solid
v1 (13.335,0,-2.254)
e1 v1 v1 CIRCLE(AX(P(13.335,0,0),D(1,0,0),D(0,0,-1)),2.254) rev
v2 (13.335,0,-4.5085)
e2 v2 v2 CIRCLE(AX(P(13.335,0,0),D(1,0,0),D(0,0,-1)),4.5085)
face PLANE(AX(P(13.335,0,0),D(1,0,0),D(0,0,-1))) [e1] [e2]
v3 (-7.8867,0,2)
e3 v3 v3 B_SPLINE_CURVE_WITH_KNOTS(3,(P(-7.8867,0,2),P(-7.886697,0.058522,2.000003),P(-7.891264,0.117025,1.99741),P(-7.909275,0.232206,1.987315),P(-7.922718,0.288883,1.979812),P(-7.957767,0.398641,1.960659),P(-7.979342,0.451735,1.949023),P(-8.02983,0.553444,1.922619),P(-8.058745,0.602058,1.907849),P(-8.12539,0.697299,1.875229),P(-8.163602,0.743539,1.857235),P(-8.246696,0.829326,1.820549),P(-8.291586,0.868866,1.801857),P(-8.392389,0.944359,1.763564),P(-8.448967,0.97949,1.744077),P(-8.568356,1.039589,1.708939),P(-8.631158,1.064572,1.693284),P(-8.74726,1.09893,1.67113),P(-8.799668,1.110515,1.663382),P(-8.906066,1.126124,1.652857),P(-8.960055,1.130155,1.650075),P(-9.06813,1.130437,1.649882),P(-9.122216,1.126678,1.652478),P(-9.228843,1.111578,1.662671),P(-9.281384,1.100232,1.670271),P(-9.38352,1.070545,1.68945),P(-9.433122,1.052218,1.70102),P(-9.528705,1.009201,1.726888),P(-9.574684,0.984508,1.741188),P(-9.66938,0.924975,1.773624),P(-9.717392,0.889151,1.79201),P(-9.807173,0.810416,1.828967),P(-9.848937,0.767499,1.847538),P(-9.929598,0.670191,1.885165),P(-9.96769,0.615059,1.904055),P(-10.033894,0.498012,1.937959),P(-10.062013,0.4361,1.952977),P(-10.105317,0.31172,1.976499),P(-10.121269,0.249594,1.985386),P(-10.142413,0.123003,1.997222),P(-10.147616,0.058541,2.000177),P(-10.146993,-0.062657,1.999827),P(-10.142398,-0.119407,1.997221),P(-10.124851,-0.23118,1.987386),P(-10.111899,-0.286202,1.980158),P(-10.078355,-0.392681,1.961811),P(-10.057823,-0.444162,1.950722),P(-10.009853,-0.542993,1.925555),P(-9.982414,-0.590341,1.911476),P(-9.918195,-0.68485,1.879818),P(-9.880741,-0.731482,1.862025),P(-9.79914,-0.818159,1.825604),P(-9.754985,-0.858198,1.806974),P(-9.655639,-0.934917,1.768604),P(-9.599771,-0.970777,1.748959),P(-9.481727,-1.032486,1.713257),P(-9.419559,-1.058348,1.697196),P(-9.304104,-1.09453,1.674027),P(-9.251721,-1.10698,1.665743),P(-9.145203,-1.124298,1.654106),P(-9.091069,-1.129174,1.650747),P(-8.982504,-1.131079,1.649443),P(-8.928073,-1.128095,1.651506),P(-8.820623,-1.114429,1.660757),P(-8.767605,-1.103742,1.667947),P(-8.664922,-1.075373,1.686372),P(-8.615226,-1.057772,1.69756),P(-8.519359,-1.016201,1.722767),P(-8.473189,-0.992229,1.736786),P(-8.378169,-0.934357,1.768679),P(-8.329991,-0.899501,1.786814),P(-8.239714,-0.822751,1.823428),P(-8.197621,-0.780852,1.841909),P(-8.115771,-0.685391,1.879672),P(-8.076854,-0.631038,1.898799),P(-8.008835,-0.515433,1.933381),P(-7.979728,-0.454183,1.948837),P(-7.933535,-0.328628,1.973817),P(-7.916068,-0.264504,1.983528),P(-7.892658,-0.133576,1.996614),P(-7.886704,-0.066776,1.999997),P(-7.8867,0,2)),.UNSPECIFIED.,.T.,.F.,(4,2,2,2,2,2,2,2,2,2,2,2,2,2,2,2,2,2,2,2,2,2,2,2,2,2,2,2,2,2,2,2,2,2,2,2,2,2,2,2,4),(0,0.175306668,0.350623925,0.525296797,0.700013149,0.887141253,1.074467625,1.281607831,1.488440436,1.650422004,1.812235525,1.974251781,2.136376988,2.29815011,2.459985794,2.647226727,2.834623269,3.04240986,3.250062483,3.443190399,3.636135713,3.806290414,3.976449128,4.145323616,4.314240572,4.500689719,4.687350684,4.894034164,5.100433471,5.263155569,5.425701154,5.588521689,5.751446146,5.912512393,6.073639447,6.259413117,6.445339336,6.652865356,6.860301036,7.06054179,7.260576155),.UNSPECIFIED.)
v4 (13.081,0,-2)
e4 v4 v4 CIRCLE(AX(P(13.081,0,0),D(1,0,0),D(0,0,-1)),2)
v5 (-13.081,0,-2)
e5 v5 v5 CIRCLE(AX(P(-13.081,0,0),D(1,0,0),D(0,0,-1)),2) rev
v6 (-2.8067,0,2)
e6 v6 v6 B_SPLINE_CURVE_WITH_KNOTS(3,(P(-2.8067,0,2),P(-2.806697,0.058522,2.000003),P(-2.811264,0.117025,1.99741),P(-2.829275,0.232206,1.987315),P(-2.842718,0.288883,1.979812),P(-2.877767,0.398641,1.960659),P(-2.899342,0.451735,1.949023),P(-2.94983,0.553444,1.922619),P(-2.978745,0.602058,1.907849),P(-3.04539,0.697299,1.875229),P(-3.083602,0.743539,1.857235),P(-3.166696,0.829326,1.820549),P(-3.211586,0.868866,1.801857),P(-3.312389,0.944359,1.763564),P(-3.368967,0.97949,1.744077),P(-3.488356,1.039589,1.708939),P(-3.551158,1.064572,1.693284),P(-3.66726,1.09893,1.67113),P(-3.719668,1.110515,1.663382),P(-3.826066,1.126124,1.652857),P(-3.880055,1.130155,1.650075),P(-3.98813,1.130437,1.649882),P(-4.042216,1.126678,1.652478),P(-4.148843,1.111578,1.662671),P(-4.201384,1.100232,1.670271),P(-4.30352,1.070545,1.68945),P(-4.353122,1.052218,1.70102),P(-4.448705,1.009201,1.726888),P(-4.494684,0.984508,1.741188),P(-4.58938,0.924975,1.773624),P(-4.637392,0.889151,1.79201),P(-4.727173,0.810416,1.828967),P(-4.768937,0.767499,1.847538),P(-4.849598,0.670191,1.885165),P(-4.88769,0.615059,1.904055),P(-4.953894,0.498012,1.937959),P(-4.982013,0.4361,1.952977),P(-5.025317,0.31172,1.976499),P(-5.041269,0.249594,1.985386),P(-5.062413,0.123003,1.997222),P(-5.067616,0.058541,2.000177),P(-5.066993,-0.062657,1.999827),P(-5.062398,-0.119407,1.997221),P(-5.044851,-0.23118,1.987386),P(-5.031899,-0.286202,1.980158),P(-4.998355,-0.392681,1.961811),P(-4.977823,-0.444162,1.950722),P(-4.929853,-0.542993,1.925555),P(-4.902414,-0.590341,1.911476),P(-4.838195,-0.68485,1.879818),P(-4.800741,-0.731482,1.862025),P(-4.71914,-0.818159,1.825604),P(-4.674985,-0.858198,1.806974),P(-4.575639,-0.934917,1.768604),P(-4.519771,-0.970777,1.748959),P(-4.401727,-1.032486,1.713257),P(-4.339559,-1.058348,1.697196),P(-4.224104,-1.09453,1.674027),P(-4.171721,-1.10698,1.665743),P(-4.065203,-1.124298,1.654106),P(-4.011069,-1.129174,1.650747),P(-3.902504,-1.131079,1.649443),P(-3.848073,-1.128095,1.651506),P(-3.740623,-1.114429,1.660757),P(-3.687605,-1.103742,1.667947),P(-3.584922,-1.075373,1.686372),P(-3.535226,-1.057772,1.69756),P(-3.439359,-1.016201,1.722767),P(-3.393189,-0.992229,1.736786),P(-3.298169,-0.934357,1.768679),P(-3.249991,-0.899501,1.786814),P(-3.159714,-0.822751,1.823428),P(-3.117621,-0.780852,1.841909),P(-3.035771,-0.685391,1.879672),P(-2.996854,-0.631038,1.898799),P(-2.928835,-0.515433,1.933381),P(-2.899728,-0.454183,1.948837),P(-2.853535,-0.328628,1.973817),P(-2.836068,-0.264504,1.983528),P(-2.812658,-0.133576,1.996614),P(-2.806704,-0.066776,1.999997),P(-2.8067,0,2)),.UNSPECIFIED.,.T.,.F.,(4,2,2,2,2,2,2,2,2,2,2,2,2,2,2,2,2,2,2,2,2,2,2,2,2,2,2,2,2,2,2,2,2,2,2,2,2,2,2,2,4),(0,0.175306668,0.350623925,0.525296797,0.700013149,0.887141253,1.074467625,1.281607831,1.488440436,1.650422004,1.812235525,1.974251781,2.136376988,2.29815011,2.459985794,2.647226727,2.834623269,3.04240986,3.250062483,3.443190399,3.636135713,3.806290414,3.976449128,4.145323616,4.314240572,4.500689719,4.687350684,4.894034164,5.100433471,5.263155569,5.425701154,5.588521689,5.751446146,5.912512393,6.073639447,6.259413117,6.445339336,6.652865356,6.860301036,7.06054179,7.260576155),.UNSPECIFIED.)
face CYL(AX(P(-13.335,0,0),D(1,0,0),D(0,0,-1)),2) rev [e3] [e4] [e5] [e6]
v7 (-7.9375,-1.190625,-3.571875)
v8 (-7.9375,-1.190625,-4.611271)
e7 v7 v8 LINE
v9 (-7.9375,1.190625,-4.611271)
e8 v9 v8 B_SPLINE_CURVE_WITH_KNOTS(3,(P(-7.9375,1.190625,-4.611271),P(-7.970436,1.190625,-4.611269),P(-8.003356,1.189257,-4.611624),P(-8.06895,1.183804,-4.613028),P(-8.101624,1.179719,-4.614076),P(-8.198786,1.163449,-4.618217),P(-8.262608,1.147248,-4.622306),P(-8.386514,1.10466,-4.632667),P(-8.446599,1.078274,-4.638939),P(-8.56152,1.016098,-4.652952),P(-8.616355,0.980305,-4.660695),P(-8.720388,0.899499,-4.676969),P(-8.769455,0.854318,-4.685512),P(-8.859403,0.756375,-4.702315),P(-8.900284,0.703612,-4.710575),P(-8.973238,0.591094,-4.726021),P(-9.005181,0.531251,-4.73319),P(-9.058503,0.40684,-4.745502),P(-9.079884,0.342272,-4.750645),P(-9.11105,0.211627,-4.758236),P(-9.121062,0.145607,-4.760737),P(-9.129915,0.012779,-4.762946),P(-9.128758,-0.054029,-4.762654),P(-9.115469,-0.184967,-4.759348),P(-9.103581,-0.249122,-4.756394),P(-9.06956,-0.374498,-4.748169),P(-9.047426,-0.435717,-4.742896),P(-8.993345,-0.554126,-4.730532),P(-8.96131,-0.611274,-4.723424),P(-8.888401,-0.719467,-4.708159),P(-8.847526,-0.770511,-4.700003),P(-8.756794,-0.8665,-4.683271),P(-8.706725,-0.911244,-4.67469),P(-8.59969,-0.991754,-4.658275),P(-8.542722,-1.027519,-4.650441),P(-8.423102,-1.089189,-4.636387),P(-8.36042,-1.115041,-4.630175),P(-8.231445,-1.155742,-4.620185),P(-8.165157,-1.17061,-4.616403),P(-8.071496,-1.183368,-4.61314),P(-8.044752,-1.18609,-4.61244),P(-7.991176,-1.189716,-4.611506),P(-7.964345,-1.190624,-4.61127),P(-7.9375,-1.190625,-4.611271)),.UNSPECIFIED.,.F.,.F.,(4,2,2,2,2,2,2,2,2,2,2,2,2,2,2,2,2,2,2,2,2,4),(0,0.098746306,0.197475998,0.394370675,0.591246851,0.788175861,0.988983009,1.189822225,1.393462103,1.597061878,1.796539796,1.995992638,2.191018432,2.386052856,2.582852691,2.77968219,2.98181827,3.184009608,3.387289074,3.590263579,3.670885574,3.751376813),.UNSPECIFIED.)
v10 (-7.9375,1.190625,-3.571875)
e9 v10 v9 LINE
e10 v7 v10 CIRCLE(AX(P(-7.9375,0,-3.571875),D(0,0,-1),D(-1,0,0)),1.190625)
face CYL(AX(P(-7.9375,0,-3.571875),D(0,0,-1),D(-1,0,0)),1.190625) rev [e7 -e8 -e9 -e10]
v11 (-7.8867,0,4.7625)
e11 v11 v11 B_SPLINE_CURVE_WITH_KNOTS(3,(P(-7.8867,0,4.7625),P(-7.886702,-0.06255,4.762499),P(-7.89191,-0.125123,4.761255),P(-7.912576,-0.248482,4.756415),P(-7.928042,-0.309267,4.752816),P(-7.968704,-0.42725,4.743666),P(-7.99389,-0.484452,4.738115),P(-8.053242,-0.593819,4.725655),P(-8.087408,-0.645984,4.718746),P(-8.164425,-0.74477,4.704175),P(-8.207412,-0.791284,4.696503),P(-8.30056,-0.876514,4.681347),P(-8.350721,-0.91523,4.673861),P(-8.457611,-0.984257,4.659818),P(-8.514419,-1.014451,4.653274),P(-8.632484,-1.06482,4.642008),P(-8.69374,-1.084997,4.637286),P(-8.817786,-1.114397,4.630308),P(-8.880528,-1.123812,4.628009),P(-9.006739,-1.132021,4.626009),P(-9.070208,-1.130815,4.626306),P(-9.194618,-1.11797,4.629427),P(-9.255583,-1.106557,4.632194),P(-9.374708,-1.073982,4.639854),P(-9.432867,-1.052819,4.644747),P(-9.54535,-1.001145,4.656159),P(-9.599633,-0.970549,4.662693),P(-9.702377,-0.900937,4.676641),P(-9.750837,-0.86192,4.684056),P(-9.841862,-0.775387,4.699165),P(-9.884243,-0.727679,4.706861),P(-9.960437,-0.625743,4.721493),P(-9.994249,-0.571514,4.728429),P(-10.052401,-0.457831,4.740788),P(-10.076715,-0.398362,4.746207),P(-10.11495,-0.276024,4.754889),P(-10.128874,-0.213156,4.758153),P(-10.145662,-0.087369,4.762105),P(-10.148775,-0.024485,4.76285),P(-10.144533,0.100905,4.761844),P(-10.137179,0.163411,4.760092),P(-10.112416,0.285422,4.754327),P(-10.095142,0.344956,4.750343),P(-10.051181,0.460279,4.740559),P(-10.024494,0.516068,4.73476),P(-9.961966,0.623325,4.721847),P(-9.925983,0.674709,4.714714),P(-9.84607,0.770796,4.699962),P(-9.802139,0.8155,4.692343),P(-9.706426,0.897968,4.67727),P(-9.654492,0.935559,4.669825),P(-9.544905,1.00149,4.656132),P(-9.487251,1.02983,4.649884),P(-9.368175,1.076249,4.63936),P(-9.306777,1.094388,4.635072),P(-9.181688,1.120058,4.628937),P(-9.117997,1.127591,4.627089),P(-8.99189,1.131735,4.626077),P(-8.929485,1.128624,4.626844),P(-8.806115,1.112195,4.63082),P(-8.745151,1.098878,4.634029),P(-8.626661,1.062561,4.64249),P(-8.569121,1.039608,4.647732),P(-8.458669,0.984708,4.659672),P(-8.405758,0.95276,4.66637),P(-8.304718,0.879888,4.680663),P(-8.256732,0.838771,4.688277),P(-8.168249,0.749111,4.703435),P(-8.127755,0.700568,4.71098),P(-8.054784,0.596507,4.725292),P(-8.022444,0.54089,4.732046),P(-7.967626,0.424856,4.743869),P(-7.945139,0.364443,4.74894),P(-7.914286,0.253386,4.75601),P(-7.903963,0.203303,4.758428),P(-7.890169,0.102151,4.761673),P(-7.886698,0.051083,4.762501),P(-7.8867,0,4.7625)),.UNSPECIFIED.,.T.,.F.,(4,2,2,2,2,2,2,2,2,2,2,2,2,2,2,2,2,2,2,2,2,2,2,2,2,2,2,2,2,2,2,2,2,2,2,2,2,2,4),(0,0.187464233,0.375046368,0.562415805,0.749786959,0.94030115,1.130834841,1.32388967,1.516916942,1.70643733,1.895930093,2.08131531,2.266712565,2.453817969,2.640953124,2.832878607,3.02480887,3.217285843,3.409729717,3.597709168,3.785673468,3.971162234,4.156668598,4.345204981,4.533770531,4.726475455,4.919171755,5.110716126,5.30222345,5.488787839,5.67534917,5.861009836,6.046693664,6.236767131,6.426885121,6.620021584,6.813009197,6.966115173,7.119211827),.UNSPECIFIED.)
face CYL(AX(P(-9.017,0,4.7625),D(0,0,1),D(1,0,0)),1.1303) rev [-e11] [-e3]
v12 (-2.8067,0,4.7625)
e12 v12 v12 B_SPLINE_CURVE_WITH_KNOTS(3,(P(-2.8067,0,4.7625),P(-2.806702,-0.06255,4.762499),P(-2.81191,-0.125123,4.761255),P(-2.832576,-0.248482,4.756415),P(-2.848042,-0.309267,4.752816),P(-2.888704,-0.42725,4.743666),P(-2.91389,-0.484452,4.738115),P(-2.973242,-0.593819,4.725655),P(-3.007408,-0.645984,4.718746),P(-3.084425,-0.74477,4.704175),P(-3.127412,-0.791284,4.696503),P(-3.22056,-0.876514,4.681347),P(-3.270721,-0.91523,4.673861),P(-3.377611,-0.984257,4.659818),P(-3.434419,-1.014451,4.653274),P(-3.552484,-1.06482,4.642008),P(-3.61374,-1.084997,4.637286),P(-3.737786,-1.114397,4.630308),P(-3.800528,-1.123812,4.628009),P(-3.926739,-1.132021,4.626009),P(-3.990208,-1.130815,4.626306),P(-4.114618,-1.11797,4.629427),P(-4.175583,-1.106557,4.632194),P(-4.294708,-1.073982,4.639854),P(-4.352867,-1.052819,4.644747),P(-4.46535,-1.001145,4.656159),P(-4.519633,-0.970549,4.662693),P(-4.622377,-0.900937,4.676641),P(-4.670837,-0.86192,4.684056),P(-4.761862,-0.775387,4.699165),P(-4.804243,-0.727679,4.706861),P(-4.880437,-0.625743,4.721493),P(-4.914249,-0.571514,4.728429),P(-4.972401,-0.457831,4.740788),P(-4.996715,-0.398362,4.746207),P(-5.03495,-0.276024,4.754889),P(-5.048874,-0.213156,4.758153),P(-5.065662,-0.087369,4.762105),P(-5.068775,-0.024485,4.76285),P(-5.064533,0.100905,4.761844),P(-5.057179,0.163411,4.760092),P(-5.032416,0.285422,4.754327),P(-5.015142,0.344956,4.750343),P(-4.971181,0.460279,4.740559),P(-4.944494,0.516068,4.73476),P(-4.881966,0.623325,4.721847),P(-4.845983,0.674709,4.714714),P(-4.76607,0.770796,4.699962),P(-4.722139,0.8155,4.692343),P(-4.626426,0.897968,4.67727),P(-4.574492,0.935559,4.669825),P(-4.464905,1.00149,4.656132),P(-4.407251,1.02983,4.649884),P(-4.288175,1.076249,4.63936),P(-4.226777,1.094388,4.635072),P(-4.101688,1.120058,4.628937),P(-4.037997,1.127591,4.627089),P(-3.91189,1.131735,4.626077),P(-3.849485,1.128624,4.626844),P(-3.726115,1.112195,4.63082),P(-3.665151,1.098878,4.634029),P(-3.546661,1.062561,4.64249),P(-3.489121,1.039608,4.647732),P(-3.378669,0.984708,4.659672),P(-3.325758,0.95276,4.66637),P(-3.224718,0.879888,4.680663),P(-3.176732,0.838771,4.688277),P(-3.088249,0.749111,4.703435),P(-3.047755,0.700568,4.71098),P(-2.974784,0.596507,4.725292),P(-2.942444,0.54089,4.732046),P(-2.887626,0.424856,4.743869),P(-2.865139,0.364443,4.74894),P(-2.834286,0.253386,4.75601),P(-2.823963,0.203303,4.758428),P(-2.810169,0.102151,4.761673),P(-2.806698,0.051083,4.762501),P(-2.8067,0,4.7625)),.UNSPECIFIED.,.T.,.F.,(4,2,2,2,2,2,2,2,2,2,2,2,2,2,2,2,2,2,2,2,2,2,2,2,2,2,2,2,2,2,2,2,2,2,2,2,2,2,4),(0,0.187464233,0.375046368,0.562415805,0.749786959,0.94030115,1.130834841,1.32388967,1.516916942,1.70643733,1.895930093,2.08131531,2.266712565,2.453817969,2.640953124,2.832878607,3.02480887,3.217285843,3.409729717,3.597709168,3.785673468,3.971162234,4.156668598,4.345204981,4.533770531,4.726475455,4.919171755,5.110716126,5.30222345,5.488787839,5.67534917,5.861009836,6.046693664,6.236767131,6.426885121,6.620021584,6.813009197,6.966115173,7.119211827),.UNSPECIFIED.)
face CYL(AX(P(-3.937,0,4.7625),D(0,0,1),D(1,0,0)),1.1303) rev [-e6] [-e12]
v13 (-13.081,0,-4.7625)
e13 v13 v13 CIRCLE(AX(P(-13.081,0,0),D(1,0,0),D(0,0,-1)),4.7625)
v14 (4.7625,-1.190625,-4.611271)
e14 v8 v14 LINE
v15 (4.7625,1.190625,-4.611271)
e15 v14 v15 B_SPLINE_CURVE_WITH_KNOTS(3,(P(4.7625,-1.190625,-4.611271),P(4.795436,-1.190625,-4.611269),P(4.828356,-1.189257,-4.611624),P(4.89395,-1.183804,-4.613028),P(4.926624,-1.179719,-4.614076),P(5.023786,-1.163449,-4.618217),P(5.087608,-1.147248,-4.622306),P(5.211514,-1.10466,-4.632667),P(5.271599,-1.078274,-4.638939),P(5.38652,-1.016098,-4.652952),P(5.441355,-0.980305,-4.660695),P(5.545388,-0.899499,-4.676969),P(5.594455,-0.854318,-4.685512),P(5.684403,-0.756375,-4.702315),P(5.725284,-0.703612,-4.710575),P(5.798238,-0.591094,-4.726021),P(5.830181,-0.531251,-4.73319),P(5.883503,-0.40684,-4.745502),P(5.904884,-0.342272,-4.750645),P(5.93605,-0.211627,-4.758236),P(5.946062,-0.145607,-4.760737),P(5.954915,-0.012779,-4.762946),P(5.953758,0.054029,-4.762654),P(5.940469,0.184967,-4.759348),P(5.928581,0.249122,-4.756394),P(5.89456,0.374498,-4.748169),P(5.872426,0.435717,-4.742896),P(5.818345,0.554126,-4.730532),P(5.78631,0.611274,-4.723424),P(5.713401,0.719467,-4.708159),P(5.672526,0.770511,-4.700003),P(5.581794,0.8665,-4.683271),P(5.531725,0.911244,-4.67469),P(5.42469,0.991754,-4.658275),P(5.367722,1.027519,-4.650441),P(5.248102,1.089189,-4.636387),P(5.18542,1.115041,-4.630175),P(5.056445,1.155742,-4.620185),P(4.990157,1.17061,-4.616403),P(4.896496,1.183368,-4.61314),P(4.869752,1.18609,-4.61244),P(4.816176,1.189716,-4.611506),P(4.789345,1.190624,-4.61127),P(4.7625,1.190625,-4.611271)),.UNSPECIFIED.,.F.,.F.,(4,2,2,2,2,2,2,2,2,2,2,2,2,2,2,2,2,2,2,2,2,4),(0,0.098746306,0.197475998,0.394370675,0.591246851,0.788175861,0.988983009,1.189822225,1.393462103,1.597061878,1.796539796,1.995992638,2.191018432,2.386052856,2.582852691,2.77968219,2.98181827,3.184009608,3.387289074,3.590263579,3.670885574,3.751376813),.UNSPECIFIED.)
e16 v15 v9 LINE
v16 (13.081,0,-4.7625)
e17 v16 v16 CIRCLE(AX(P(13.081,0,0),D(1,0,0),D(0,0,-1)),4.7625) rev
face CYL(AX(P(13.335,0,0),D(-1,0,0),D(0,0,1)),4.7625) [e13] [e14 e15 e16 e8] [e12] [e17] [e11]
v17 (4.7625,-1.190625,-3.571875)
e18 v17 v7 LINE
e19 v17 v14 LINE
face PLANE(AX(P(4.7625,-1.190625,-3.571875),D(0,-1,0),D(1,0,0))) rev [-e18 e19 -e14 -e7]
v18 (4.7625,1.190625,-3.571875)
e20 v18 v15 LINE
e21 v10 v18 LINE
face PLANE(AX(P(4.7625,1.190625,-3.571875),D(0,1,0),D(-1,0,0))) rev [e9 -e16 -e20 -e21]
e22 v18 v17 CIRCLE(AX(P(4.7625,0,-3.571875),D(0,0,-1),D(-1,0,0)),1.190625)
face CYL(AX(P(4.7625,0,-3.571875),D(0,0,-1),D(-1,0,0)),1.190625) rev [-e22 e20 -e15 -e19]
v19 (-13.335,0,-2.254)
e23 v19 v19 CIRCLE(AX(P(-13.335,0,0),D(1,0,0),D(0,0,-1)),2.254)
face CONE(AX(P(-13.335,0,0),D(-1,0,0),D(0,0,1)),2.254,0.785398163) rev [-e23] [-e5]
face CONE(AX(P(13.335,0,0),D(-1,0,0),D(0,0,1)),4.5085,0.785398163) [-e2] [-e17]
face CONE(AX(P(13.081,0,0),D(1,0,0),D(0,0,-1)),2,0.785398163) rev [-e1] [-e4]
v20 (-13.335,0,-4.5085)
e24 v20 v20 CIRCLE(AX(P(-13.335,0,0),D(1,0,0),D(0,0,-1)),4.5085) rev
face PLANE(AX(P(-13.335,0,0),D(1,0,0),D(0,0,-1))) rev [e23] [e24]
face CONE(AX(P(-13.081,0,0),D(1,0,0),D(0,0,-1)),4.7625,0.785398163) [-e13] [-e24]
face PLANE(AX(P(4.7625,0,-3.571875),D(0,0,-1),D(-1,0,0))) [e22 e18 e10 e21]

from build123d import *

# Parameters (mm, degrees)
SKETCH1_R                  = 4.7625
BOSS_EXTRUDE1_DEPTH        = 13.335
SKETCH2_R                  = 2
CUT_EXTRUDE1_DEPTH         = 28.507302894
F_4_40_TAPPED_HOLE1_REACH  = 19.065
F_4_40_TAPPED_HOLE1_BORE_R = 1.1303
CUT_EXTRUDE2_DEPTH         = 1.190625
CHAMFER1_SIZE              = 0.254


with BuildPart() as part:
    # Sketch1 → Boss-Extrude1 (new, symmetric)
    with BuildSketch(Plane(origin=(0, 0, 0), x_dir=(0, 0, -1), z_dir=(1, 0, 0))):
        Circle(SKETCH1_R)
    extrude(amount=BOSS_EXTRUDE1_DEPTH, both=True)

    # Sketch2 → Cut-Extrude1 (cut, through all)
    with BuildSketch(Plane(origin=(13.335, 0, 0), x_dir=(0, 0, -1), z_dir=(1, 0, 0))):
        Circle(SKETCH2_R)
    extrude(amount=-CUT_EXTRUDE1_DEPTH, mode=Mode.SUBTRACT)

    # #4-40 Tapped Hole1 bore → #4-40 Tapped Hole1 (cut, up to next)
    with BuildSketch(Plane.XY.offset(4.7625), mode=Mode.PRIVATE) as f_4_40_tapped_hole1_sk1:
        with Locations((-9.017, 0)):
            Circle(F_4_40_TAPPED_HOLE1_BORE_R)
    f_4_40_tapped_hole1_tool1 = extrude(f_4_40_tapped_hole1_sk1.sketch, amount=-F_4_40_TAPPED_HOLE1_REACH, mode=Mode.PRIVATE) & part.part
    # #4-40 Tapped Hole1 bore → #4-40 Tapped Hole1 (cut, up to next)
    with BuildSketch(Plane.XY.offset(4.7625), mode=Mode.PRIVATE) as f_4_40_tapped_hole1_sk2:
        with Locations((-3.937, 0)):
            Circle(F_4_40_TAPPED_HOLE1_BORE_R)
    f_4_40_tapped_hole1_tool2 = extrude(f_4_40_tapped_hole1_sk2.sketch, amount=-F_4_40_TAPPED_HOLE1_REACH, mode=Mode.PRIVATE) & part.part
    add(f_4_40_tapped_hole1_tool1.solids().sort_by_distance((-9.017, 0, 4.7625))[0], mode=Mode.SUBTRACT)
    add(f_4_40_tapped_hole1_tool2.solids().sort_by_distance((-3.937, 0, 4.7625))[0], mode=Mode.SUBTRACT)

    # Sketch7 → Cut-Extrude2 (cut)
    with BuildSketch(Plane(origin=(0, 0, -4.7625), x_dir=(-1, 0, 0), z_dir=(0, 0, -1))):
        with BuildLine():
            Line((-4.7625, 1.190625), (7.9375, 1.190625))
            ThreePointArc((7.9375, 1.190625), (9.128125, 0), (7.9375, -1.190625))
            Line((7.9375, -1.190625), (-4.7625, -1.190625))
            ThreePointArc((-4.7625, -1.190625), (-5.953125, 0), (-4.7625, 1.190625))
        make_face()
    extrude(amount=-CUT_EXTRUDE2_DEPTH, mode=Mode.SUBTRACT)

    # Chamfer1
    chamfer1_edges = [part.edges().sort_by_distance(p)[0] for p in [
        (-13.335, 0, 4.7625),
        (13.335, 0, 4.7625),
        (-13.335, 0, 2),
        (13.335, 0, 2),
    ]]
    chamfer(chamfer1_edges, length=CHAMFER1_SIZE)


solid = part.part
